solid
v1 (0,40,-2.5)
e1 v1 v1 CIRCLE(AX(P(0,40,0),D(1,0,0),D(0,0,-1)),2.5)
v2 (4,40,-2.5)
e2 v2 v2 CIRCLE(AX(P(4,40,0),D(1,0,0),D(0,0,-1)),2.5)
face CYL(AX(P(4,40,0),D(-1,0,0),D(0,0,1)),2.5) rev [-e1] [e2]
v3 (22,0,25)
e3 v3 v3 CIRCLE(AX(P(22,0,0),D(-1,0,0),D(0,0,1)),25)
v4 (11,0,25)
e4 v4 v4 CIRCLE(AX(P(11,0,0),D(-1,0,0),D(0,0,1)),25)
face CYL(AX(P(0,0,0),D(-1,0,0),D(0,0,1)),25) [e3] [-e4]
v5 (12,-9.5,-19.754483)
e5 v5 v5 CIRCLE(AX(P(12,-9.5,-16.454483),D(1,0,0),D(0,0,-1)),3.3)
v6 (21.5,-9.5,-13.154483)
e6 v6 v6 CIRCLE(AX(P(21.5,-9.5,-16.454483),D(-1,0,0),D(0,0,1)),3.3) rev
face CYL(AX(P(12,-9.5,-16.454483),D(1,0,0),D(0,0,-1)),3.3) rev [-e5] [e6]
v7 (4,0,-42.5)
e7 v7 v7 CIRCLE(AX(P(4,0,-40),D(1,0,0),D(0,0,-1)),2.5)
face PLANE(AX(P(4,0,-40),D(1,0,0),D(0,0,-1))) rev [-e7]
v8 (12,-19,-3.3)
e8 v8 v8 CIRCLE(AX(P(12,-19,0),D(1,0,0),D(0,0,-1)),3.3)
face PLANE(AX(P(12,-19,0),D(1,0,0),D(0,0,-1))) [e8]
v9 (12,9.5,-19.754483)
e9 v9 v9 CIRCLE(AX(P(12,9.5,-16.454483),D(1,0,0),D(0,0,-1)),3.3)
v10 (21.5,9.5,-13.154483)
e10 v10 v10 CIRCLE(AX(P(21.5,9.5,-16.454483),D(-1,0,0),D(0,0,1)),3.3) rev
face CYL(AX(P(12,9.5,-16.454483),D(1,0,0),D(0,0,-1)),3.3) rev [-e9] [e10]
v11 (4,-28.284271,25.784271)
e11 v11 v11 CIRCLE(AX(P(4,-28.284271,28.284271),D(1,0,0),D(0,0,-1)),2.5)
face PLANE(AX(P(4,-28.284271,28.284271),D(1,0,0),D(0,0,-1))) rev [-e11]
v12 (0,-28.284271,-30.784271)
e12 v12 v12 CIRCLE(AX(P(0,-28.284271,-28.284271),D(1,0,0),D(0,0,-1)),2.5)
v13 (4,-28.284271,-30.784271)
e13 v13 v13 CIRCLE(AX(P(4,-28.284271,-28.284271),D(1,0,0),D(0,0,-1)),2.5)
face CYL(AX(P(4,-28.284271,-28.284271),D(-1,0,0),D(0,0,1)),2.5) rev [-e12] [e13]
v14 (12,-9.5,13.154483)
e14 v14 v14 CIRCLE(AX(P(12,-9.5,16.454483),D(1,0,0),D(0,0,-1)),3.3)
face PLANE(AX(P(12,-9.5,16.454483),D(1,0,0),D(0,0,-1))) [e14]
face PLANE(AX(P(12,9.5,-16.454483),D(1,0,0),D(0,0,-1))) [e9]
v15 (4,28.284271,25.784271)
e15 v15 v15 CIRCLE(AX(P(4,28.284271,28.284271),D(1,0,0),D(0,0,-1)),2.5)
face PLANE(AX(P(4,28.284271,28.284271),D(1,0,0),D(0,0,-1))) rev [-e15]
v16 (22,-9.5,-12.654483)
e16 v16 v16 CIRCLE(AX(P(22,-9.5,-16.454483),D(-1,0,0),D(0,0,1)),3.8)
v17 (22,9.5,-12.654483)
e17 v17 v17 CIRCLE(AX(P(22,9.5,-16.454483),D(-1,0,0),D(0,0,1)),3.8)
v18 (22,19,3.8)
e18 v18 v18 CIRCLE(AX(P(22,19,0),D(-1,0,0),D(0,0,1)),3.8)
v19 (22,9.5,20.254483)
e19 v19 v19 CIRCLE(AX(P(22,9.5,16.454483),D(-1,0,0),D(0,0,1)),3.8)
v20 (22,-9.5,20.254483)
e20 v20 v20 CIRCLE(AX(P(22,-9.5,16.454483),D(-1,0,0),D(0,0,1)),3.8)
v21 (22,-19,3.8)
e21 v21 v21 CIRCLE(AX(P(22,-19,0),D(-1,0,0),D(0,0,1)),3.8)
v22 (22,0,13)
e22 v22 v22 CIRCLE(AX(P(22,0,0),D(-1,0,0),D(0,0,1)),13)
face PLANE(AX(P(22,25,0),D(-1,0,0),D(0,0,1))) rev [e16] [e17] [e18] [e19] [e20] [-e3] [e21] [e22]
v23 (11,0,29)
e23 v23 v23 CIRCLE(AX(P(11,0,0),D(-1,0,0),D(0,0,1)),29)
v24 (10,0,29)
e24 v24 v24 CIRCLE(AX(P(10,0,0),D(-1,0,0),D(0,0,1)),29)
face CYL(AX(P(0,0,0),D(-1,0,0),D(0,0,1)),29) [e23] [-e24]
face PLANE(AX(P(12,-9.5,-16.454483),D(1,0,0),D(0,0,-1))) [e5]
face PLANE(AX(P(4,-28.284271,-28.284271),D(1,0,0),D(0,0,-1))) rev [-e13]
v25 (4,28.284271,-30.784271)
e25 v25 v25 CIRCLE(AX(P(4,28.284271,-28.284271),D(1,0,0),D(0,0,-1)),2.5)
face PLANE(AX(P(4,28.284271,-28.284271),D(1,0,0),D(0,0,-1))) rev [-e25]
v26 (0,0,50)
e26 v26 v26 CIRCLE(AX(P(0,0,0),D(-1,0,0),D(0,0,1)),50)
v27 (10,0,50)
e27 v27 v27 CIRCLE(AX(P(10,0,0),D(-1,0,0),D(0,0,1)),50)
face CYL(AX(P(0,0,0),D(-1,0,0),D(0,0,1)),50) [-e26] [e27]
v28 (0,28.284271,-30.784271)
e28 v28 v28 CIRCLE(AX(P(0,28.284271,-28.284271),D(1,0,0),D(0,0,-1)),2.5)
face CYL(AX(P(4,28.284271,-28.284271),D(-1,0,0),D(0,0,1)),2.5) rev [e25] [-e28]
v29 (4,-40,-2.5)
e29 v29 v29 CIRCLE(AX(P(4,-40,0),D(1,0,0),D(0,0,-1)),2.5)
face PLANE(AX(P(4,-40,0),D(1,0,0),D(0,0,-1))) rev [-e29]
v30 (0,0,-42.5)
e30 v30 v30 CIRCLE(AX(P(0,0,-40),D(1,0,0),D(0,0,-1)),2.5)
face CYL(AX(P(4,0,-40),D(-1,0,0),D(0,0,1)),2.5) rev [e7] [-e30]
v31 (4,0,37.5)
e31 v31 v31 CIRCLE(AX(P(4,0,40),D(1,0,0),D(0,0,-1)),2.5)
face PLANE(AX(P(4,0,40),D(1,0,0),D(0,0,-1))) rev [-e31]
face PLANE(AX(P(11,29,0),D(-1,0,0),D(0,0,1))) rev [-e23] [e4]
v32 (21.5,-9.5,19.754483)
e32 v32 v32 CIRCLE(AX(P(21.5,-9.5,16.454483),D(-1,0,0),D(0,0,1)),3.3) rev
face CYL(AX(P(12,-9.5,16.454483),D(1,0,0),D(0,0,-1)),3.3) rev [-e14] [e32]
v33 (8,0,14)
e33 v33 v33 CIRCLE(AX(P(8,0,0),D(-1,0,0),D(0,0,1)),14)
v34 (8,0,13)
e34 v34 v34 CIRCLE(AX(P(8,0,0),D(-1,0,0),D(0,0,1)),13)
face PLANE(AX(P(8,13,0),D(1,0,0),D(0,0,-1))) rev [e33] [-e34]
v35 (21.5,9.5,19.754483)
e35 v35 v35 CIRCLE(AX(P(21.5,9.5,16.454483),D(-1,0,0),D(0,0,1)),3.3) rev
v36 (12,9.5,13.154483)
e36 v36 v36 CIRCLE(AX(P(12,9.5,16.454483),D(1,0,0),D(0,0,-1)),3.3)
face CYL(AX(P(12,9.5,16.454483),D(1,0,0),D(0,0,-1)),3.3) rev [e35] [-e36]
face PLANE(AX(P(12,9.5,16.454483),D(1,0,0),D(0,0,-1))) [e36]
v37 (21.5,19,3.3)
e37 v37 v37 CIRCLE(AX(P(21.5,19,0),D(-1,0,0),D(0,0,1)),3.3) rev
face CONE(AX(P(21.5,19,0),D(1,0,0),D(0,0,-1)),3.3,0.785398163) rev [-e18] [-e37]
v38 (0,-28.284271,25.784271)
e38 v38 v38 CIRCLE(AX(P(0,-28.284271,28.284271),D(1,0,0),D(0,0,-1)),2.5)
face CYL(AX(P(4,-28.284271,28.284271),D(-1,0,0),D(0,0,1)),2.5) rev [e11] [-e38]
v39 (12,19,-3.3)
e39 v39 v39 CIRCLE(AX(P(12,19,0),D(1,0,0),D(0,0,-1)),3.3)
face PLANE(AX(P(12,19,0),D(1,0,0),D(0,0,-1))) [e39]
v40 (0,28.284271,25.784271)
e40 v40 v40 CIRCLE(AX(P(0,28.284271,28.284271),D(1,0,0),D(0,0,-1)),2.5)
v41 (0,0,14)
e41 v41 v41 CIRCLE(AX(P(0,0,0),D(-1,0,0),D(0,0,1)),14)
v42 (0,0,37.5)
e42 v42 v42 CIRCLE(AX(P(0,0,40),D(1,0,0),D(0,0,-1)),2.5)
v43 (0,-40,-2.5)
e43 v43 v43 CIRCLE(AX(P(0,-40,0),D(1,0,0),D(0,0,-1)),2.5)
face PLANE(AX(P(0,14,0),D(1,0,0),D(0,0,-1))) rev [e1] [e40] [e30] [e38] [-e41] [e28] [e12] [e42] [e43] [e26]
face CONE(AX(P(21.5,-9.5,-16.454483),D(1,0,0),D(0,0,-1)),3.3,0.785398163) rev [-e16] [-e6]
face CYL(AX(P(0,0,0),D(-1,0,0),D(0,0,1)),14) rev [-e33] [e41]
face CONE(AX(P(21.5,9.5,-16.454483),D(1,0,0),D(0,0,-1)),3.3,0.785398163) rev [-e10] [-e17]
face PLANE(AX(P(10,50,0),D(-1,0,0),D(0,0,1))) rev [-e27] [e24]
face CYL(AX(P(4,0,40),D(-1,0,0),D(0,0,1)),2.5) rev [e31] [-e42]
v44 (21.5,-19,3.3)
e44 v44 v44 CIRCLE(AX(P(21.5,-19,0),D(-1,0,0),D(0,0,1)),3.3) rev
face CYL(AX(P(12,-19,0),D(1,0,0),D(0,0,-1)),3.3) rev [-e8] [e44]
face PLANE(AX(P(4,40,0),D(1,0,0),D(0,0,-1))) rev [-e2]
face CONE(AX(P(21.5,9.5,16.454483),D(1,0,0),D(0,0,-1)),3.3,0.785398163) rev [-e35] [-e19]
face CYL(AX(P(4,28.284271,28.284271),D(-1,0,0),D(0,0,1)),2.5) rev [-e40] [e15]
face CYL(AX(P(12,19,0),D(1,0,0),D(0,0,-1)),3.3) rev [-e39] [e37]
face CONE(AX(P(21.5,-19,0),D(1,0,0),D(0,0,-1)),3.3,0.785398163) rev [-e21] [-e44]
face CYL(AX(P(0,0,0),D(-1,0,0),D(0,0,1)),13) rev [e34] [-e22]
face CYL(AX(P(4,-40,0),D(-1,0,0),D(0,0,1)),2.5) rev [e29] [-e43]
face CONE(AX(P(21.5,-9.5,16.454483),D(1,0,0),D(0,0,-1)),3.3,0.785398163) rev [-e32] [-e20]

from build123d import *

# Parameters (mm, degrees)
SKETCH3_R          = 2.5
CUT_EXTRUDE1_DEPTH = 4
SKETCH4_R          = 3.3
CUT_EXTRUDE2_DEPTH = 10
CHAMFER1_SIZE      = 0.5


with BuildPart() as part:
    # Sketch2 → Revolve1 (revolve)
    with BuildSketch(Plane.XY, mode=Mode.PRIVATE) as revolve1_sk:
        Polygon((0, 50), (10, 50), (10, 29), (11, 29), (11, 25), (22, 25), (22, 13), (8, 13), (8, 14), (0, 14), align=None)
    revolve(revolve1_sk.sketch.rotate(Axis((0, 0, 0), (1, 0, 0)), 90), axis=Axis((0, 0, 0), (1, 0, 0)))

    # Sketch3 → Cut-Extrude1 (cut)
    with BuildSketch(Plane(origin=(0, 0, 0), x_dir=(0, 0, -1), z_dir=(1, 0, 0))):
        with Locations((0, 40)):
            Circle(SKETCH3_R)
        with Locations((28.284271247, 28.284271247)):
            Circle(SKETCH3_R)
        with Locations((40, 0)):
            Circle(SKETCH3_R)
        with Locations((28.284271247, -28.284271247)):
            Circle(SKETCH3_R)
        with Locations((0, -40)):
            Circle(SKETCH3_R)
        with Locations((-28.284271247, -28.284271247)):
            Circle(SKETCH3_R)
        with Locations((-40, 0)):
            Circle(SKETCH3_R)
        with Locations((-28.284271247, 28.284271247)):
            Circle(SKETCH3_R)
    extrude(amount=CUT_EXTRUDE1_DEPTH, mode=Mode.SUBTRACT)

    # Sketch4 → Cut-Extrude2 (cut)
    with BuildSketch(Plane(origin=(22, 0, 0), x_dir=(0, 0, -1), z_dir=(1, 0, 0))):
        with Locations((0, 19)):
            Circle(SKETCH4_R)
        with Locations((16.454482672, 9.5)):
            Circle(SKETCH4_R)
        with Locations((16.454482672, -9.5)):
            Circle(SKETCH4_R)
        with Locations((0, -19)):
            Circle(SKETCH4_R)
        with Locations((-16.454482672, -9.5)):
            Circle(SKETCH4_R)
        with Locations((-16.454482672, 9.5)):
            Circle(SKETCH4_R)
    extrude(amount=-CUT_EXTRUDE2_DEPTH, mode=Mode.SUBTRACT)

    # Chamfer1
    chamfer1_edges = [part.edges().sort_by_distance(p)[0] for p in [
        (22, 19, 3.3),
        (22, 9.5, 19.754482672),
        (22, -9.5, 19.754482672),
        (22, -19, 3.3),
        (22, -9.5, -13.154482672),
        (22, 9.5, -13.154482672),
    ]]
    chamfer(chamfer1_edges, length=CHAMFER1_SIZE)


solid = part.part
